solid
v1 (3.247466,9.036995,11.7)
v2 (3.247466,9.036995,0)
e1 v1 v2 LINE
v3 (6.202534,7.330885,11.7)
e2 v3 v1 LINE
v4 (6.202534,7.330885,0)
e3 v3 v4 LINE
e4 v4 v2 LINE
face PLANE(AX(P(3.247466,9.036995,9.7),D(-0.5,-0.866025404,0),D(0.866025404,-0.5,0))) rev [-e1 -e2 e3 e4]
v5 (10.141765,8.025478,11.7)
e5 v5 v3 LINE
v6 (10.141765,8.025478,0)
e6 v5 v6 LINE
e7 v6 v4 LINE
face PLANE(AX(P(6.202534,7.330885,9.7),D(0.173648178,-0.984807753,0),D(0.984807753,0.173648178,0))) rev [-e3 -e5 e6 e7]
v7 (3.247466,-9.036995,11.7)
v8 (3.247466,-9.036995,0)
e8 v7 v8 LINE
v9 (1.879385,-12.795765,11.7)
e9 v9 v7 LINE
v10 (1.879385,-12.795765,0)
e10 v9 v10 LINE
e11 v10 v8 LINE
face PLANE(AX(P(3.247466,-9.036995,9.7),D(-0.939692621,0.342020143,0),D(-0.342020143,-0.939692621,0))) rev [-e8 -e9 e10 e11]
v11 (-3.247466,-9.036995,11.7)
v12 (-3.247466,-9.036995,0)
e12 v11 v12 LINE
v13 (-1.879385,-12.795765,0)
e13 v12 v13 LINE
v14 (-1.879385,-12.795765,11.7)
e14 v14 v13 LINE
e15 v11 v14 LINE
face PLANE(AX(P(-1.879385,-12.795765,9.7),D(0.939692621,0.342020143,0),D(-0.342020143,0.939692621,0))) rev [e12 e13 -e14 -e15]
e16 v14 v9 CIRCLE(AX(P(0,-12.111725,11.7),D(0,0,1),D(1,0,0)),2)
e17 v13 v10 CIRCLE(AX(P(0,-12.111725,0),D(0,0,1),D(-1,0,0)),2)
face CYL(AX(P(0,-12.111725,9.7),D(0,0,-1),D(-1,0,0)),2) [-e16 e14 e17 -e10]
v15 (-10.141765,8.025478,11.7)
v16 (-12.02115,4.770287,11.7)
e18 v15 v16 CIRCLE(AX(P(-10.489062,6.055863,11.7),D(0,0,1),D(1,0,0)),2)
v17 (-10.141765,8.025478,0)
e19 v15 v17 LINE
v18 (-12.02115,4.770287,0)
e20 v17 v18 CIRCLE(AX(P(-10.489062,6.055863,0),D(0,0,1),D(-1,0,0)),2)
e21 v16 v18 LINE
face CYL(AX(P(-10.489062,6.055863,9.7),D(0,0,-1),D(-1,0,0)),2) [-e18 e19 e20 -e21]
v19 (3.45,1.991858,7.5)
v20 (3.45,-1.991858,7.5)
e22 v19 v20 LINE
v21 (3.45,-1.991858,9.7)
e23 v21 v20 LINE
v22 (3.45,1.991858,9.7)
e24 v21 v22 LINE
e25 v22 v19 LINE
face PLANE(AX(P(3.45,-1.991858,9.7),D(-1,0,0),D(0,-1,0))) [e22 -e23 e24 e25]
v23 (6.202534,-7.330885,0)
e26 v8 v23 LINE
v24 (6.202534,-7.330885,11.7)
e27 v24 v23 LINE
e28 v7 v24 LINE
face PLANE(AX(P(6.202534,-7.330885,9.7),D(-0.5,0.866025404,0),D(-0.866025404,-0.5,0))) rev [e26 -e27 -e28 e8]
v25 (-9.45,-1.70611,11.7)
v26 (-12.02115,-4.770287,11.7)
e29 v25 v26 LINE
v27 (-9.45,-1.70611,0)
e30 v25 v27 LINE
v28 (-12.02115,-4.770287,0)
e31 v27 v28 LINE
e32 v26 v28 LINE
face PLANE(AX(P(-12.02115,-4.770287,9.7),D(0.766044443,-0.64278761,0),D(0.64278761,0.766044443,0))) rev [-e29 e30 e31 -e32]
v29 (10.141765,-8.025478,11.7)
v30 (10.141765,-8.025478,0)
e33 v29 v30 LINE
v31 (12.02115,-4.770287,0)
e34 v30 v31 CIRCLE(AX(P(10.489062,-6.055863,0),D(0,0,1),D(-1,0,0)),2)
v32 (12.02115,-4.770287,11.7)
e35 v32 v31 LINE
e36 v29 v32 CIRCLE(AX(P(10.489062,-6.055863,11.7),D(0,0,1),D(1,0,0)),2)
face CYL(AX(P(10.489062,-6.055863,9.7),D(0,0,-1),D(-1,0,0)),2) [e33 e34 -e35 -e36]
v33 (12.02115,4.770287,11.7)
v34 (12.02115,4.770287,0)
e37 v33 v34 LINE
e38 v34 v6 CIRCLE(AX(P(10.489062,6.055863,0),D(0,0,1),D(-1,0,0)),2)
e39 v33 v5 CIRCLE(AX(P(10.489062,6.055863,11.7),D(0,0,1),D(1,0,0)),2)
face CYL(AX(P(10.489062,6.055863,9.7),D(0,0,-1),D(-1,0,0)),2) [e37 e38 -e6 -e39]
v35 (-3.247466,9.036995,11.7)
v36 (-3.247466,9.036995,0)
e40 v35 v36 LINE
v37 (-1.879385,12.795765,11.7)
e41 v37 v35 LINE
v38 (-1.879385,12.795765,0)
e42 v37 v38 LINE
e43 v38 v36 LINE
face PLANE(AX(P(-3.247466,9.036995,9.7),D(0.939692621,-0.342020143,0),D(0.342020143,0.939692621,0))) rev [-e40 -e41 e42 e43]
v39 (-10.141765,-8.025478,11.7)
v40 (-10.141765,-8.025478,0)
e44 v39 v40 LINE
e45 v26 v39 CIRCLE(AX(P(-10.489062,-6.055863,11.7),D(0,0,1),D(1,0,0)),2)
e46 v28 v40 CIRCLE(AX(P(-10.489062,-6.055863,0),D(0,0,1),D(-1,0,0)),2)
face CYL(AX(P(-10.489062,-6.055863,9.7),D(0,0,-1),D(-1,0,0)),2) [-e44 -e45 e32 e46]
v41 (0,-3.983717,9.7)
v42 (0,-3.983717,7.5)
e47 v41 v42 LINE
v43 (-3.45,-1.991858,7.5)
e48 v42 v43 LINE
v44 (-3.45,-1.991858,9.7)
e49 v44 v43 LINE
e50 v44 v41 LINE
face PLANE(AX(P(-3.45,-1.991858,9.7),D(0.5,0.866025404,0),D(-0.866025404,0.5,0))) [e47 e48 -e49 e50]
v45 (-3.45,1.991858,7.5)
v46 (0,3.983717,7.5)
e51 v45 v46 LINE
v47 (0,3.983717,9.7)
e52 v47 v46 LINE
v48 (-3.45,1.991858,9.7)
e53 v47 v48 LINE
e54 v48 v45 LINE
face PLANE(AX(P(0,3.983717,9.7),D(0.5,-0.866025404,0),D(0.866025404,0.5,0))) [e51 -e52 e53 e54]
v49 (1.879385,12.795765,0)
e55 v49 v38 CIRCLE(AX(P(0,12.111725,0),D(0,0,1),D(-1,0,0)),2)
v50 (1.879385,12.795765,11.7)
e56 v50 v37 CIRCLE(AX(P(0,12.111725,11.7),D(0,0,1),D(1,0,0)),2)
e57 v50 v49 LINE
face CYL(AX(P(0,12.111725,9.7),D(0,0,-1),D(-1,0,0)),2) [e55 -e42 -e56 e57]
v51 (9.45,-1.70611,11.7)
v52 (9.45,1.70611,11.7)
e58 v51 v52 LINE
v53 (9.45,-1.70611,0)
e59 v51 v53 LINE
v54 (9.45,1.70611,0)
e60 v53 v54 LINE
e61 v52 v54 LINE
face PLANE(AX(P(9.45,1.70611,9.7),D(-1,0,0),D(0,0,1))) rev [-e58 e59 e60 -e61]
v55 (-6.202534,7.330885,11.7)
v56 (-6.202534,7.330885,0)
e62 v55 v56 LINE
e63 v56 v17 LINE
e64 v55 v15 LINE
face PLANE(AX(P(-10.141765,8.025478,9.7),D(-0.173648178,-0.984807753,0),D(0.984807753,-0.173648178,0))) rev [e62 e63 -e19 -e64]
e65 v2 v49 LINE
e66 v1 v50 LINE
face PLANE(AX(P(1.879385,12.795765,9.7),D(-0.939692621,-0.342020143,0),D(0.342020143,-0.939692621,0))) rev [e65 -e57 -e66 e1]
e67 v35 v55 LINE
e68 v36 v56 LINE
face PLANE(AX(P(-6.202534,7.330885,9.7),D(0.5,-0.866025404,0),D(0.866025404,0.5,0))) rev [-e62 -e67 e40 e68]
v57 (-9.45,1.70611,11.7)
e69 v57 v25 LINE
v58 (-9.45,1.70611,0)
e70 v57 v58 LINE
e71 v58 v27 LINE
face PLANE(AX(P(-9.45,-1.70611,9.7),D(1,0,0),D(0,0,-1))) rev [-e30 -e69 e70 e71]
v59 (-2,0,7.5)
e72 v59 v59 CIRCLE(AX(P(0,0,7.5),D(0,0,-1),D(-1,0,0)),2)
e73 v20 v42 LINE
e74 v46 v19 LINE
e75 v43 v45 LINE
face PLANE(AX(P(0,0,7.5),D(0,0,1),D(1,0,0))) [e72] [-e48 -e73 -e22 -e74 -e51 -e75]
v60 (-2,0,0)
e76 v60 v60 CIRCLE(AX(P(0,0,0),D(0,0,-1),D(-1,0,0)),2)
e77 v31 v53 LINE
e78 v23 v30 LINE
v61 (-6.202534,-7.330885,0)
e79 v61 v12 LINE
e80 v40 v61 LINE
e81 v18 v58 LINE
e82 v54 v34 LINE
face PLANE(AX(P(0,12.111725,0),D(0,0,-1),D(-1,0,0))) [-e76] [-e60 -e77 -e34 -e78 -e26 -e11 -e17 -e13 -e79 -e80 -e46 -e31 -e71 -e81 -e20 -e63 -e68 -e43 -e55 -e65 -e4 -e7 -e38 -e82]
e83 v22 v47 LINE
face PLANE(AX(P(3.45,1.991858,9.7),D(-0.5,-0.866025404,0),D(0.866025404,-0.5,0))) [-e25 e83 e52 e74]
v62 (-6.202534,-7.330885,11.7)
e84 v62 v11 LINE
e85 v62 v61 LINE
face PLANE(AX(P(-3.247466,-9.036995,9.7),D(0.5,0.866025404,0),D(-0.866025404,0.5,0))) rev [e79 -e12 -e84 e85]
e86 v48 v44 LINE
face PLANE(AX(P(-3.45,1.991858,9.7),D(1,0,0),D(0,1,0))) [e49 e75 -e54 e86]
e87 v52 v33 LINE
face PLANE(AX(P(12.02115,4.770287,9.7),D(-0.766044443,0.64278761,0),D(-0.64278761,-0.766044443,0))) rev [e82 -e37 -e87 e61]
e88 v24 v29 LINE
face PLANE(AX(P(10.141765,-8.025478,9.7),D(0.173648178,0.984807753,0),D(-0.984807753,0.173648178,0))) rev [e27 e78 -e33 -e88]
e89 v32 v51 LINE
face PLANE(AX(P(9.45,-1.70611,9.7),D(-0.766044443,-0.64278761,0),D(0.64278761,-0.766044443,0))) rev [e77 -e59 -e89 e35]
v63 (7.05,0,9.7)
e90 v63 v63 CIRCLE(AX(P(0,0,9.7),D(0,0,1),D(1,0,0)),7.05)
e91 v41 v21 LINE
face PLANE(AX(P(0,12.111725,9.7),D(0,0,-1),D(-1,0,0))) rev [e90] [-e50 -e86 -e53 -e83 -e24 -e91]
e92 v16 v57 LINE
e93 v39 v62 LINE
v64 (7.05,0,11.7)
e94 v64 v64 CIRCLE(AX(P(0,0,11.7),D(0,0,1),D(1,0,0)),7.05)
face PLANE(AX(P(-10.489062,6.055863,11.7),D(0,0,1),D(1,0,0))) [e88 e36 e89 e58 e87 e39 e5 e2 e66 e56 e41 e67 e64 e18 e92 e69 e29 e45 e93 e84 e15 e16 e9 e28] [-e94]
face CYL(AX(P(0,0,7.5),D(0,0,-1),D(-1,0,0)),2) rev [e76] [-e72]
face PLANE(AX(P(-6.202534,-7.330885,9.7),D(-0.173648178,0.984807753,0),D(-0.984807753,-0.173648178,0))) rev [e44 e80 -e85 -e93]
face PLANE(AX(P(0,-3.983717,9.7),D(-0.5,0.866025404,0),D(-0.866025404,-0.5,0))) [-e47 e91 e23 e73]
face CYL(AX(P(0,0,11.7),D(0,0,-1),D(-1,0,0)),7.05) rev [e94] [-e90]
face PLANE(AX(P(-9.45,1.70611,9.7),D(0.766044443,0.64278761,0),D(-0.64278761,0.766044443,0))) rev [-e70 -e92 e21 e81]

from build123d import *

# Parameters (mm, degrees)
BOSS_EXTRUDE1_DEPTH = 9.7
SKETCH5_R           = 2
BOSS_EXTRUDE2_DEPTH = 7.5
SKETCH6_R           = 7.05
BOSS_EXTRUDE3_DEPTH = 2


with BuildPart() as part:
    # Sketch1 → Boss-Extrude1 (new body)
    with BuildSketch(Plane.XY):
        with BuildLine():
            Line((-3.247465815, 9.036994825), (-1.879385242, 12.795765308))
            ThreePointArc((-1.879385242, 12.795765308), (0, 14.111725022), (1.879385242, 12.795765308))
            Line((1.879385242, 12.795765308), (3.247465815, 9.036994825))
            Line((3.247465815, 9.036994825), (6.202534185, 7.330885306))
            Line((6.202534185, 7.330885306), (10.141765197, 8.025478017))
            ThreePointArc((10.141765197, 8.025478017), (12.22111236, 7.055862511), (12.021150439, 4.770287292))
            Line((12.021150439, 4.770287292), (9.45, 1.706109519))
            Line((9.45, 1.706109519), (9.45, -1.706109519))
            Line((9.45, -1.706109519), (12.021150439, -4.770287292))
            ThreePointArc((12.021150439, -4.770287292), (12.22111236, -7.055862511), (10.141765197, -8.025478017))
            Line((10.141765197, -8.025478017), (6.202534185, -7.330885306))
            Line((6.202534185, -7.330885306), (3.247465815, -9.036994825))
            Line((3.247465815, -9.036994825), (1.879385242, -12.795765308))
            ThreePointArc((1.879385242, -12.795765308), (0, -14.111725022), (-1.879385242, -12.795765308))
            Line((-1.879385242, -12.795765308), (-3.247465815, -9.036994825))
            Line((-3.247465815, -9.036994825), (-6.202534185, -7.330885306))
            Line((-6.202534185, -7.330885306), (-10.141765197, -8.025478017))
            ThreePointArc((-10.141765197, -8.025478017), (-12.22111236, -7.055862511), (-12.021150439, -4.770287292))
            Line((-12.021150439, -4.770287292), (-9.45, -1.706109519))
            Line((-9.45, -1.706109519), (-9.45, 1.706109519))
            Line((-9.45, 1.706109519), (-12.021150439, 4.770287292))
            ThreePointArc((-12.021150439, 4.770287292), (-12.22111236, 7.055862511), (-10.141765197, 8.025478017))
            Line((-10.141765197, 8.025478017), (-6.202534185, 7.330885306))
            Line((-6.202534185, 7.330885306), (-3.247465815, 9.036994825))
        make_face()
        Polygon((3.45, -1.991858429), (3.45, 1.991858429), (0, 3.983716857), (-3.45, 1.991858429), (-3.45, -1.991858429), (0, -3.983716857), align=None, mode=Mode.SUBTRACT)
    extrude(amount=BOSS_EXTRUDE1_DEPTH)

    # Sketch5 → Boss-Extrude2 (add)
    with BuildSketch(Plane(origin=(0, 0, 0), x_dir=(-1, 0, 0), z_dir=(0, 0, -1))):
        Polygon((-3.45, 1.991858429), (0, 3.983716857), (3.45, 1.991858429), (3.45, -1.991858429), (0, -3.983716857), (-3.45, -1.991858429), align=None)
        Circle(SKETCH5_R, mode=Mode.SUBTRACT)
    extrude(amount=-BOSS_EXTRUDE2_DEPTH)

    # Sketch6 → Boss-Extrude3 (add)
    with BuildSketch(Plane.XY.offset(9.7)):
        with BuildLine():
            Line((-3.247465815, 9.036994825), (-6.202534185, 7.330885306))
            Line((-6.202534185, 7.330885306), (-10.141765197, 8.025478017))
            ThreePointArc((-10.141765197, 8.025478017), (-12.22111236, 7.055862511), (-12.021150439, 4.770287292))
            Line((-12.021150439, 4.770287292), (-9.45, 1.706109519))
            Line((-9.45, 1.706109519), (-9.45, -1.706109519))
            Line((-9.45, -1.706109519), (-12.021150439, -4.770287292))
            ThreePointArc((-12.021150439, -4.770287292), (-12.22111236, -7.055862511), (-10.141765197, -8.025478017))
            Line((-10.141765197, -8.025478017), (-6.202534185, -7.330885306))
            Line((-6.202534185, -7.330885306), (-3.247465815, -9.036994825))
            Line((-3.247465815, -9.036994825), (-1.879385242, -12.795765308))
            ThreePointArc((-1.879385242, -12.795765308), (0, -14.111725022), (1.879385242, -12.795765308))
            Line((1.879385242, -12.795765308), (3.247465815, -9.036994825))
            Line((3.247465815, -9.036994825), (6.202534185, -7.330885306))
            Line((6.202534185, -7.330885306), (10.141765197, -8.025478017))
            ThreePointArc((10.141765197, -8.025478017), (12.22111236, -7.055862511), (12.021150439, -4.770287292))
            Line((12.021150439, -4.770287292), (9.45, -1.706109519))
            Line((9.45, -1.706109519), (9.45, 1.706109519))
            Line((9.45, 1.706109519), (12.021150439, 4.770287292))
            ThreePointArc((12.021150439, 4.770287292), (12.22111236, 7.055862511), (10.141765197, 8.025478017))
            Line((10.141765197, 8.025478017), (6.202534185, 7.330885306))
            Line((6.202534185, 7.330885306), (3.247465815, 9.036994825))
            Line((3.247465815, 9.036994825), (1.879385242, 12.795765308))
            ThreePointArc((1.879385242, 12.795765308), (0, 14.111725022), (-1.879385242, 12.795765308))
            Line((-1.879385242, 12.795765308), (-3.247465815, 9.036994825))
        make_face()
        Circle(SKETCH6_R, mode=Mode.SUBTRACT)
    extrude(amount=BOSS_EXTRUDE3_DEPTH)


solid = part.part
